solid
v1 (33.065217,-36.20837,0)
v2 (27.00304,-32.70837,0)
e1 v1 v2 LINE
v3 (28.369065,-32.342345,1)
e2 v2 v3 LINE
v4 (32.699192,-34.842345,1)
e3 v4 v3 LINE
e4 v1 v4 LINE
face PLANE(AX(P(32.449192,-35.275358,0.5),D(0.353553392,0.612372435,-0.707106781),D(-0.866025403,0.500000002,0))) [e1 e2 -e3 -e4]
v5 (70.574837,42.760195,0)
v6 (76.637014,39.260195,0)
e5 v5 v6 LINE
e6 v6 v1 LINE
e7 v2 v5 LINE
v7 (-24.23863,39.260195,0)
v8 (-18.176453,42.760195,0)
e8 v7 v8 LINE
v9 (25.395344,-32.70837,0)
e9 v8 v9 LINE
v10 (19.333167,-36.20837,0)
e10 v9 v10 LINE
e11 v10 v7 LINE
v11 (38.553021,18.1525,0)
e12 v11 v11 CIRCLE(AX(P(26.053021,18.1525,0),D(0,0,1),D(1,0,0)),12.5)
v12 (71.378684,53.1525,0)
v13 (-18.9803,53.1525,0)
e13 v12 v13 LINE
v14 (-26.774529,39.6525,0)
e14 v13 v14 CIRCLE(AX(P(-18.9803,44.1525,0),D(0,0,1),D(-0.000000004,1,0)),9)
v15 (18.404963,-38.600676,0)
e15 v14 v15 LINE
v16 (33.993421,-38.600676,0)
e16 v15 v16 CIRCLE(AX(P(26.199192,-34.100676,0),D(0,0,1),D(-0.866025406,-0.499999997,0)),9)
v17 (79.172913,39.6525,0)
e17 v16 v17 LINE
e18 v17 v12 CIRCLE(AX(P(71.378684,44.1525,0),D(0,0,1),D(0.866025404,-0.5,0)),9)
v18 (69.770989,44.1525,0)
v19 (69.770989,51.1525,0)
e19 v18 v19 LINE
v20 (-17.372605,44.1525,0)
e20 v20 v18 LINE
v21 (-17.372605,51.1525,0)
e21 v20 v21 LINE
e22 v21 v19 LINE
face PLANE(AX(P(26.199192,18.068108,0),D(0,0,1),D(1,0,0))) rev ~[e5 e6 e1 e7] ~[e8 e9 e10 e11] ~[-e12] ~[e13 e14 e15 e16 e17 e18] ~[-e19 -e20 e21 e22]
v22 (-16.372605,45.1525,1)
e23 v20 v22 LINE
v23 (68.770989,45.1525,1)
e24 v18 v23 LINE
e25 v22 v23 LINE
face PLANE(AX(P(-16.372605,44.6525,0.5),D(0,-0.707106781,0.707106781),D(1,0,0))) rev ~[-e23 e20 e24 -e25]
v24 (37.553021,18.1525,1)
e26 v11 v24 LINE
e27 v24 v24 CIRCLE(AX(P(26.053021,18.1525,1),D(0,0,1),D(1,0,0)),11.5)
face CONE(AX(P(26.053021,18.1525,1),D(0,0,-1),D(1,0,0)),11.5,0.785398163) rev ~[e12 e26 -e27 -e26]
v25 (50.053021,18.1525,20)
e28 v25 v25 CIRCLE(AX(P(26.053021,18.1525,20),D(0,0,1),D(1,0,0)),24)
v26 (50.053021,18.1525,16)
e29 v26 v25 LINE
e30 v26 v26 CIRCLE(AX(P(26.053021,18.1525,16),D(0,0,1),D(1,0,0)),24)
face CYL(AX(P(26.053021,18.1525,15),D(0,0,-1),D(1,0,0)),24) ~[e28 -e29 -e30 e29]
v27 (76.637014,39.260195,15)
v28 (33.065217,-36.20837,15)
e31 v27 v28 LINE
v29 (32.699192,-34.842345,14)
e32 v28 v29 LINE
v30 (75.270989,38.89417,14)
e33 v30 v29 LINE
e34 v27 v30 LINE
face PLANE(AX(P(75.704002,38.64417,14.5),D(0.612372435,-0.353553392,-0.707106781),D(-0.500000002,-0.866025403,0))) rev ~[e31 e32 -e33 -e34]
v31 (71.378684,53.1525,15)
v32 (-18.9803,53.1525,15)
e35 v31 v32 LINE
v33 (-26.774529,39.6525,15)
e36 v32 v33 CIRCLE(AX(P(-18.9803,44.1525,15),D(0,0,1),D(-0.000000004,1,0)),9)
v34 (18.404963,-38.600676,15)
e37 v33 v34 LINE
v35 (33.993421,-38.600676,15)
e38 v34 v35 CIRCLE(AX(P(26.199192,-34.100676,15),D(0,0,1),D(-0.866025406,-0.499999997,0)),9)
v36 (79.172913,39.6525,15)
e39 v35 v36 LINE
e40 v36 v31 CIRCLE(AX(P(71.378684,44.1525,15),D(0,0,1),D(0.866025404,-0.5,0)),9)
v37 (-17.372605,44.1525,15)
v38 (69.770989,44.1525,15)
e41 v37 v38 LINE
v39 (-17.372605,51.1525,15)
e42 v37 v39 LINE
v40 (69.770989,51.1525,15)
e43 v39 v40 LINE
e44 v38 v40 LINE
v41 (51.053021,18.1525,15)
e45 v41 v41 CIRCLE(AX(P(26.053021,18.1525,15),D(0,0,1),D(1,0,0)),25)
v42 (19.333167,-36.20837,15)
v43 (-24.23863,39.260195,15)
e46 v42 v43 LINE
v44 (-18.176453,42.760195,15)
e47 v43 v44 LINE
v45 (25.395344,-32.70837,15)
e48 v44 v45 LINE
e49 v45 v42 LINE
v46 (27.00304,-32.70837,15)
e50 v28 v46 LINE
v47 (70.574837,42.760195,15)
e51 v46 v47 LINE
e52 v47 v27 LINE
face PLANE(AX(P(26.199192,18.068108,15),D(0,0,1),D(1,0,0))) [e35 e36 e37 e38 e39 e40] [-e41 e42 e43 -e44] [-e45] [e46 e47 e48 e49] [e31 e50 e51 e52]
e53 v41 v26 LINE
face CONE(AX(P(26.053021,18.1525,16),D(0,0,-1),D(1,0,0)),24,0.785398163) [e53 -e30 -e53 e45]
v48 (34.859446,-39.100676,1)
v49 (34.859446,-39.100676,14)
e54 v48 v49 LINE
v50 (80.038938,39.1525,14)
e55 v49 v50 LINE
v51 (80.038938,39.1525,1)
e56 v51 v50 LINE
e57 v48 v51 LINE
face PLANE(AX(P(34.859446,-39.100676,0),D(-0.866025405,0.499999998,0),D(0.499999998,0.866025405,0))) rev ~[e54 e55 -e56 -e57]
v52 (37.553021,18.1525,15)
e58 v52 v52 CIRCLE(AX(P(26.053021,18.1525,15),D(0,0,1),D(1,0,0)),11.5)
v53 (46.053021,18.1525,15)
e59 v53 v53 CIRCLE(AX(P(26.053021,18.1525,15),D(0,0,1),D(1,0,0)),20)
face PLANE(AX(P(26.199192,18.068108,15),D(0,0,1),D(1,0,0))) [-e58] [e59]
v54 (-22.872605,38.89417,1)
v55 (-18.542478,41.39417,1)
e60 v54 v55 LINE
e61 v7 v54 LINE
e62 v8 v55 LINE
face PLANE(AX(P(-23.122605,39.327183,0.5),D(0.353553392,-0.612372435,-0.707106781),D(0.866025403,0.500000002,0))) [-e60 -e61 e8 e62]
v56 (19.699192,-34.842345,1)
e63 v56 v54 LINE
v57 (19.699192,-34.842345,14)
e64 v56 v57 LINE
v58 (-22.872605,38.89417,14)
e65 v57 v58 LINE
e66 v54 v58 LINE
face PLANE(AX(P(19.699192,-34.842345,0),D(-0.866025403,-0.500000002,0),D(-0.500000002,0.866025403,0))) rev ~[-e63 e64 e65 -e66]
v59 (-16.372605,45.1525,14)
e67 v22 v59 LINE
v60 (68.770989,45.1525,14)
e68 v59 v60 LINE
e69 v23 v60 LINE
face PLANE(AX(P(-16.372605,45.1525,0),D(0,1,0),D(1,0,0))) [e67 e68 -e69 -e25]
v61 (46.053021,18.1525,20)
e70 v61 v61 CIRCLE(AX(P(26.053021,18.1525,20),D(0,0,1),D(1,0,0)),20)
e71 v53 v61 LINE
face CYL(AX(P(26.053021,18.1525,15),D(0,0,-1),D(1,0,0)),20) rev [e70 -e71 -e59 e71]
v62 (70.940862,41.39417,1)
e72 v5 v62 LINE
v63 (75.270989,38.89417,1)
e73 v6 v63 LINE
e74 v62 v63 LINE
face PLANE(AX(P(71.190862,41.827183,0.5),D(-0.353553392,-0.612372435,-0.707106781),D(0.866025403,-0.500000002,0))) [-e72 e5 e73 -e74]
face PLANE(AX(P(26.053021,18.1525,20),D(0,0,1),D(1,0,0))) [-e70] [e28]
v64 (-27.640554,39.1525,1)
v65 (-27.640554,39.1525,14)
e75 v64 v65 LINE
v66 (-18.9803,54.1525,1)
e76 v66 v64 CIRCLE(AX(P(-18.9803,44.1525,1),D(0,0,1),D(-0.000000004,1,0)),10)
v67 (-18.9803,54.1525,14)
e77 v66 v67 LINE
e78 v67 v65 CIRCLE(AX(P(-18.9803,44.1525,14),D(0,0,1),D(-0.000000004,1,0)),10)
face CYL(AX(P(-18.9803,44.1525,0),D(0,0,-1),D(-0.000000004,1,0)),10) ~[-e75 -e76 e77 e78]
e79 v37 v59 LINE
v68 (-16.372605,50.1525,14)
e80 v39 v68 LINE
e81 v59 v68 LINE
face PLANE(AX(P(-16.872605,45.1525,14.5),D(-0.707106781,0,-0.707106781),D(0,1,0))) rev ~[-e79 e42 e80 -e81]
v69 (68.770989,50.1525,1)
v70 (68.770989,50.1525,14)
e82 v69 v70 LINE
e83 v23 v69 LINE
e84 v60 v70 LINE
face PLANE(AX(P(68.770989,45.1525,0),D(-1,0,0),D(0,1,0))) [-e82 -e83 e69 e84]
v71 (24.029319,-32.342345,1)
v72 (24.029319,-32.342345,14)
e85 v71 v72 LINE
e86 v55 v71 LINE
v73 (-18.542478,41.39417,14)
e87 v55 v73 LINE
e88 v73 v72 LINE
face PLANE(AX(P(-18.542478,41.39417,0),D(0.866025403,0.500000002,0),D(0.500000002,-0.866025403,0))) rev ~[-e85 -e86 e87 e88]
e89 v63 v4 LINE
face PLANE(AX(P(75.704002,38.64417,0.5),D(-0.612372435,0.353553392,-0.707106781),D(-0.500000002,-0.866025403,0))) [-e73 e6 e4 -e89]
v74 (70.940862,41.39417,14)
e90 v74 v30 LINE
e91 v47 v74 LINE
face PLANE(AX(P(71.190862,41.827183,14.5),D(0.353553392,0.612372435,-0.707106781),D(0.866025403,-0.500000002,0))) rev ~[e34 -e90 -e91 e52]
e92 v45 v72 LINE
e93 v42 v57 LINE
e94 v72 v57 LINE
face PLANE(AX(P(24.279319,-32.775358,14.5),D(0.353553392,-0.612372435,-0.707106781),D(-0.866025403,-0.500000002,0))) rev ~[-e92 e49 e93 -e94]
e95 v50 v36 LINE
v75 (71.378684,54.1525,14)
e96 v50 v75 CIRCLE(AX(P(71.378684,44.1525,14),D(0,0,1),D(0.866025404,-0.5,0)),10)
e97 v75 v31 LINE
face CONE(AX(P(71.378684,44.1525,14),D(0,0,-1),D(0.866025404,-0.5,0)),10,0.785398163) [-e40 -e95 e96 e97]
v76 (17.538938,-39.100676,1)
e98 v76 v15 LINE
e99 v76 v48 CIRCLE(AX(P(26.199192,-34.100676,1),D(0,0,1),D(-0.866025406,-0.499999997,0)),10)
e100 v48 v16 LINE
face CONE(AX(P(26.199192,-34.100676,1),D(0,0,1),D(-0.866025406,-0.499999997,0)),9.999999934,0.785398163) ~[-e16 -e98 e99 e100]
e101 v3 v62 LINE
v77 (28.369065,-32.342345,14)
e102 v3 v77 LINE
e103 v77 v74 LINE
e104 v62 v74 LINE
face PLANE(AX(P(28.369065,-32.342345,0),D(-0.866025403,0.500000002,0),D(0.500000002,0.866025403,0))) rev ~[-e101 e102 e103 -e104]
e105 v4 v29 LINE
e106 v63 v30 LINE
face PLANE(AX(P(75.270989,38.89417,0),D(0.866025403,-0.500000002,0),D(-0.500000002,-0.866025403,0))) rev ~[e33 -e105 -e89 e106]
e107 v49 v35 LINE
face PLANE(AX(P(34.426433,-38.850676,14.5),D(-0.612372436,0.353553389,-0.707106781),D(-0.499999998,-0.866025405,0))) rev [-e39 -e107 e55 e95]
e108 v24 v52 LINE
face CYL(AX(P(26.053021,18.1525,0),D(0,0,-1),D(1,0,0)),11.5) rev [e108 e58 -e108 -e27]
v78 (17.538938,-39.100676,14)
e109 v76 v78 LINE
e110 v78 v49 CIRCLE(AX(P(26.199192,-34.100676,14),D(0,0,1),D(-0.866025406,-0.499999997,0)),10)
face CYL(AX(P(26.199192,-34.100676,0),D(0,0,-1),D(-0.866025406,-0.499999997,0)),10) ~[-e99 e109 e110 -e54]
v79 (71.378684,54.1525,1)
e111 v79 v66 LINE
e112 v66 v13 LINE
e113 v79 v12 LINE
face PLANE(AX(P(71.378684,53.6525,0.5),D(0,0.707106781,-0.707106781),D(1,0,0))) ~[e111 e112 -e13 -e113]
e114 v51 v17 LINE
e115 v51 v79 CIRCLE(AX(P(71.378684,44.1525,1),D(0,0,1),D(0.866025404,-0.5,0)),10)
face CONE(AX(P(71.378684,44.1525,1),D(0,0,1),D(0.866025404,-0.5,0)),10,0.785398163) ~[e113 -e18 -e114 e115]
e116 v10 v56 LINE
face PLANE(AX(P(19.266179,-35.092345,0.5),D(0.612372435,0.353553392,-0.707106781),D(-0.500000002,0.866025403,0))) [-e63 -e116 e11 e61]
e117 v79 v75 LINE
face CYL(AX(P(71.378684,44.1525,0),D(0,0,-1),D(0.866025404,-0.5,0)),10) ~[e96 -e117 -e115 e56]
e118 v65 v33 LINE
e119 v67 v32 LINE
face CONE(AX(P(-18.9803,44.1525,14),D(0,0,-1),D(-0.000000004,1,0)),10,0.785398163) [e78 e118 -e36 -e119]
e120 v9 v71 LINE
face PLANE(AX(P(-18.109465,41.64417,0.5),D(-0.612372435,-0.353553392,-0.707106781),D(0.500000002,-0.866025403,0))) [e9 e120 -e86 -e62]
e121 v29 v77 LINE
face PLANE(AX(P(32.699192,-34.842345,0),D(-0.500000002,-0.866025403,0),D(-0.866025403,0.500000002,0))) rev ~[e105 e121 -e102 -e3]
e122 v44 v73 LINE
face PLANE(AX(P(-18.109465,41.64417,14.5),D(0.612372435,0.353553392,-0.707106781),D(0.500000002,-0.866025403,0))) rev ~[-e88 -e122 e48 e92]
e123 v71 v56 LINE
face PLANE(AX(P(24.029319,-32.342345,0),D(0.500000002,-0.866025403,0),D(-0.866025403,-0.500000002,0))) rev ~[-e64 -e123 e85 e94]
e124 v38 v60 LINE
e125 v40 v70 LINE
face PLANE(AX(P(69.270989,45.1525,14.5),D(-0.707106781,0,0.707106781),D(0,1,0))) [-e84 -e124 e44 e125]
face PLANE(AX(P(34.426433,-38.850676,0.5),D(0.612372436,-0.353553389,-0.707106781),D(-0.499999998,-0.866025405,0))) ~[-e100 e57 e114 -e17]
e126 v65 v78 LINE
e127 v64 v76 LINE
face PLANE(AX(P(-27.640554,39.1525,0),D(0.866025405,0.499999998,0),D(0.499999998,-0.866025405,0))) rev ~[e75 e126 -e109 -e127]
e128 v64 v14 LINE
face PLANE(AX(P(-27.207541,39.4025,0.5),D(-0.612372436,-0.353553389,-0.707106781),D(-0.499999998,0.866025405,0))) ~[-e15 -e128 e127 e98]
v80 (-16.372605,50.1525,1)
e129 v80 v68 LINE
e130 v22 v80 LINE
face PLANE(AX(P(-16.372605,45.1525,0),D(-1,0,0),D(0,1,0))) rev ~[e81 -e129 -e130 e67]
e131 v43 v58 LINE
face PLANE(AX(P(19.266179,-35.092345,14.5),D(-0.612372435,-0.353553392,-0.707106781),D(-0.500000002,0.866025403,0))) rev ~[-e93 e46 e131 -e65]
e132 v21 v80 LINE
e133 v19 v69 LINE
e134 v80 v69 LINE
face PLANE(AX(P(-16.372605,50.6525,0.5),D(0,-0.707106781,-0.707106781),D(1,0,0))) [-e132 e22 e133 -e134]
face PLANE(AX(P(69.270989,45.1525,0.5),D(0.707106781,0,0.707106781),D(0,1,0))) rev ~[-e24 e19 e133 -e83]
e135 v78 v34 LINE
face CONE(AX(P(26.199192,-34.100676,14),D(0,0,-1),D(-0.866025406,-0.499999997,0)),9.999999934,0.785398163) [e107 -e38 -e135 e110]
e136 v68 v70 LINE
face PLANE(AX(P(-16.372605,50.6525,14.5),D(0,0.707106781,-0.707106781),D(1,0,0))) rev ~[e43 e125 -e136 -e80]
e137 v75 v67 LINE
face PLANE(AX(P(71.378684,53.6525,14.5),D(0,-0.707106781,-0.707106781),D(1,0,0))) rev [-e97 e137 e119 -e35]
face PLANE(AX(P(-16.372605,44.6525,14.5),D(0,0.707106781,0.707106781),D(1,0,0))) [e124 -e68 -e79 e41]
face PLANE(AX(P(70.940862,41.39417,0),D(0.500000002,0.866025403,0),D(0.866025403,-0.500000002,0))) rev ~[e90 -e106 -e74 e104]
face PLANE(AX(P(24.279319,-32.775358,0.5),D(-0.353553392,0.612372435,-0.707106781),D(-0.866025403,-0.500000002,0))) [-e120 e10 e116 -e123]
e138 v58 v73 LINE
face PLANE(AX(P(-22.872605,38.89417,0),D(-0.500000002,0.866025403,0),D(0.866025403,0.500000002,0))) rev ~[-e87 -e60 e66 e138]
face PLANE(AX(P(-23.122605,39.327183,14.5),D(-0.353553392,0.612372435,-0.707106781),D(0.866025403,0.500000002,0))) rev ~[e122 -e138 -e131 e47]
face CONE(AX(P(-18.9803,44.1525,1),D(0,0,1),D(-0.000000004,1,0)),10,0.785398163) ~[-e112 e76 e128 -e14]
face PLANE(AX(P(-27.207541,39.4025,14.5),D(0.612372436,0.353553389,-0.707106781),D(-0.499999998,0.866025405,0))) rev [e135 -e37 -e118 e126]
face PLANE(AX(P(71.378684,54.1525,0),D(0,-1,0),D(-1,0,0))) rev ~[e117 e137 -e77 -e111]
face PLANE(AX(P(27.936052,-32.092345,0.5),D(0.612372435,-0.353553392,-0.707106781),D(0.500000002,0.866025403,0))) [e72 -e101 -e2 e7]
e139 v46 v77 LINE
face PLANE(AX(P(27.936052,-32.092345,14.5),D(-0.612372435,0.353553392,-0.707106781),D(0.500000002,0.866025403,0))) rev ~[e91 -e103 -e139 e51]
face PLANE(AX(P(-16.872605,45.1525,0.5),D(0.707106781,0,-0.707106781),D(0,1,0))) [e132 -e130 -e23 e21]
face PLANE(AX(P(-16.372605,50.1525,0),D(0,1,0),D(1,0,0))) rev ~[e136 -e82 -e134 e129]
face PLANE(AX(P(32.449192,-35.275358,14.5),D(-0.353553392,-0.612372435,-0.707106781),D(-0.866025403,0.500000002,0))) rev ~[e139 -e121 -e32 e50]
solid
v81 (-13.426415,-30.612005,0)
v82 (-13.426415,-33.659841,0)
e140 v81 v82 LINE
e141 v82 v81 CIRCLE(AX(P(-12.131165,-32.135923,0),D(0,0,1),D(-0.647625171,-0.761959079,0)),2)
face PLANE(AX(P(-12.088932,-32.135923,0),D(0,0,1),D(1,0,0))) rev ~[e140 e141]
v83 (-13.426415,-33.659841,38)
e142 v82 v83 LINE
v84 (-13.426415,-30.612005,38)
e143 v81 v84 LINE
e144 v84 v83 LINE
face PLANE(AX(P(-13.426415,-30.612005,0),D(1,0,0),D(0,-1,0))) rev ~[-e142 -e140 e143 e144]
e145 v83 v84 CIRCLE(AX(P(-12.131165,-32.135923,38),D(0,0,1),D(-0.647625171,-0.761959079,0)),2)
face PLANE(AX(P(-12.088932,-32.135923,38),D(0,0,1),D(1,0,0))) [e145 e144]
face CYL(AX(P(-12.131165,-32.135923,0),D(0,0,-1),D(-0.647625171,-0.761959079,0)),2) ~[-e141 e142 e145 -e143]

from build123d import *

# Parameters (mm, degrees)
F0_R     = 11.5
F0_W     = 85.143594
F0_H     = 5
F1_DEPTH = 15
F2_R     = 24
F2_R_2   = 20
F3_DEPTH = 5
F4_SIZE  = 1
F5_SIZE  = 1
F7_DEPTH = 38


with BuildPart() as f1:
    # F0 (on Top) → F1 (new body)
    with BuildSketch(Plane.XY):
        with BuildLine():
            Line((71.378684, 54.1525), (-18.9803, 54.1525))
            ThreePointArc((-18.9803, 54.1525), (-27.640554, 49.1525), (-27.640554, 39.1525))
            Line((-27.640554, 39.1525), (17.538938, -39.100676))
            ThreePointArc((17.538938, -39.100676), (26.199192, -44.100676), (34.859446, -39.100676))
            Line((34.859446, -39.100676), (80.038938, 39.1525))
            ThreePointArc((80.038938, 39.1525), (80.038938, 49.1525), (71.378684, 54.1525))
        make_face()
        Polygon((19.699192, -34.842345), (-22.872605, 38.89417), (-18.542478, 41.39417), (24.029319, -32.342345), align=None, mode=Mode.SUBTRACT)
        Polygon((75.270989, 38.89417), (32.699192, -34.842345), (28.369065, -32.342345), (70.940862, 41.39417), align=None, mode=Mode.SUBTRACT)
        with Locations((26.053021, 18.1525)):
            Circle(F0_R, mode=Mode.SUBTRACT)
        with Locations((26.199192, 47.6525)):
            Rectangle(F0_W, F0_H, mode=Mode.SUBTRACT)
    extrude(amount=F1_DEPTH)

    # F2 (on face) → F3 (join)
    with BuildSketch(Plane.XY.offset(15)):
        with Locations((26.053021, 18.1525)):
            Circle(F2_R)
        with Locations((26.053021, 18.1525)):
            Circle(F2_R_2, mode=Mode.SUBTRACT)
    extrude(amount=F3_DEPTH)

    # F4
    f4_edges = [f1.edges().sort_by_distance(p)[0] for p in [
        (80.038938, 49.1525, 15),
        (57.449192, 0.025912, 15),
        (26.199192, 54.1525, 15),
        (26.199192, -44.100676, 15),
        (-27.640554, 49.1525, 15),
        (-5.050808, 0.025912, 15),
        (2.74342, 4.525912, 15),
        (-20.707541, 40.14417, 15),
        (21.864255, -33.592345, 15),
        (-1.586707, 2.025912, 15),
        (73.105925, 40.14417, 15),
        (49.654963, 4.525912, 15),
        (53.98509, 2.025912, 15),
        (30.534128, -33.592345, 15),
        (2.053021, 18.1525, 15),
        (26.199192, 50.1525, 15),
        (-16.372605, 47.6525, 15),
        (68.770989, 47.6525, 15),
        (26.199192, 45.1525, 15),
    ]]
    chamfer(f4_edges, length=F4_SIZE)

    # F5
    f5_edges = [f1.edges().sort_by_distance(p)[0] for p in [
        (80.038938, 49.1525, 0),
        (26.199192, 54.1525, 0),
        (-27.640554, 49.1525, 0),
        (-5.050808, 0.025912, 0),
        (26.199192, -44.100676, 0),
        (57.449192, 0.025912, 0),
        (2.74342, 4.525912, 0),
        (21.864255, -33.592345, 0),
        (-1.586707, 2.025912, 0),
        (-20.707541, 40.14417, 0),
        (73.105925, 40.14417, 0),
        (53.98509, 2.025912, 0),
        (30.534128, -33.592345, 0),
        (49.654963, 4.525912, 0),
        (14.553021, 18.1525, 0),
        (26.199192, 50.1525, 0),
        (68.770989, 47.6525, 0),
        (26.199192, 45.1525, 0),
        (-16.372605, 47.6525, 0),
    ]]
    chamfer(f5_edges, length=F5_SIZE)


with BuildPart() as f7:
    # F6 (on Top) → F7 (new body)
    with BuildSketch(Plane.XY):
        with BuildLine():
            Line((-13.426415, -30.612005), (-13.426415, -33.659841))
            ThreePointArc((-13.426415, -33.659841), (-10.131165, -32.135923), (-13.426415, -30.612005))
        make_face()
    extrude(amount=F7_DEPTH)


solid = Compound([f1.part, f7.part])
